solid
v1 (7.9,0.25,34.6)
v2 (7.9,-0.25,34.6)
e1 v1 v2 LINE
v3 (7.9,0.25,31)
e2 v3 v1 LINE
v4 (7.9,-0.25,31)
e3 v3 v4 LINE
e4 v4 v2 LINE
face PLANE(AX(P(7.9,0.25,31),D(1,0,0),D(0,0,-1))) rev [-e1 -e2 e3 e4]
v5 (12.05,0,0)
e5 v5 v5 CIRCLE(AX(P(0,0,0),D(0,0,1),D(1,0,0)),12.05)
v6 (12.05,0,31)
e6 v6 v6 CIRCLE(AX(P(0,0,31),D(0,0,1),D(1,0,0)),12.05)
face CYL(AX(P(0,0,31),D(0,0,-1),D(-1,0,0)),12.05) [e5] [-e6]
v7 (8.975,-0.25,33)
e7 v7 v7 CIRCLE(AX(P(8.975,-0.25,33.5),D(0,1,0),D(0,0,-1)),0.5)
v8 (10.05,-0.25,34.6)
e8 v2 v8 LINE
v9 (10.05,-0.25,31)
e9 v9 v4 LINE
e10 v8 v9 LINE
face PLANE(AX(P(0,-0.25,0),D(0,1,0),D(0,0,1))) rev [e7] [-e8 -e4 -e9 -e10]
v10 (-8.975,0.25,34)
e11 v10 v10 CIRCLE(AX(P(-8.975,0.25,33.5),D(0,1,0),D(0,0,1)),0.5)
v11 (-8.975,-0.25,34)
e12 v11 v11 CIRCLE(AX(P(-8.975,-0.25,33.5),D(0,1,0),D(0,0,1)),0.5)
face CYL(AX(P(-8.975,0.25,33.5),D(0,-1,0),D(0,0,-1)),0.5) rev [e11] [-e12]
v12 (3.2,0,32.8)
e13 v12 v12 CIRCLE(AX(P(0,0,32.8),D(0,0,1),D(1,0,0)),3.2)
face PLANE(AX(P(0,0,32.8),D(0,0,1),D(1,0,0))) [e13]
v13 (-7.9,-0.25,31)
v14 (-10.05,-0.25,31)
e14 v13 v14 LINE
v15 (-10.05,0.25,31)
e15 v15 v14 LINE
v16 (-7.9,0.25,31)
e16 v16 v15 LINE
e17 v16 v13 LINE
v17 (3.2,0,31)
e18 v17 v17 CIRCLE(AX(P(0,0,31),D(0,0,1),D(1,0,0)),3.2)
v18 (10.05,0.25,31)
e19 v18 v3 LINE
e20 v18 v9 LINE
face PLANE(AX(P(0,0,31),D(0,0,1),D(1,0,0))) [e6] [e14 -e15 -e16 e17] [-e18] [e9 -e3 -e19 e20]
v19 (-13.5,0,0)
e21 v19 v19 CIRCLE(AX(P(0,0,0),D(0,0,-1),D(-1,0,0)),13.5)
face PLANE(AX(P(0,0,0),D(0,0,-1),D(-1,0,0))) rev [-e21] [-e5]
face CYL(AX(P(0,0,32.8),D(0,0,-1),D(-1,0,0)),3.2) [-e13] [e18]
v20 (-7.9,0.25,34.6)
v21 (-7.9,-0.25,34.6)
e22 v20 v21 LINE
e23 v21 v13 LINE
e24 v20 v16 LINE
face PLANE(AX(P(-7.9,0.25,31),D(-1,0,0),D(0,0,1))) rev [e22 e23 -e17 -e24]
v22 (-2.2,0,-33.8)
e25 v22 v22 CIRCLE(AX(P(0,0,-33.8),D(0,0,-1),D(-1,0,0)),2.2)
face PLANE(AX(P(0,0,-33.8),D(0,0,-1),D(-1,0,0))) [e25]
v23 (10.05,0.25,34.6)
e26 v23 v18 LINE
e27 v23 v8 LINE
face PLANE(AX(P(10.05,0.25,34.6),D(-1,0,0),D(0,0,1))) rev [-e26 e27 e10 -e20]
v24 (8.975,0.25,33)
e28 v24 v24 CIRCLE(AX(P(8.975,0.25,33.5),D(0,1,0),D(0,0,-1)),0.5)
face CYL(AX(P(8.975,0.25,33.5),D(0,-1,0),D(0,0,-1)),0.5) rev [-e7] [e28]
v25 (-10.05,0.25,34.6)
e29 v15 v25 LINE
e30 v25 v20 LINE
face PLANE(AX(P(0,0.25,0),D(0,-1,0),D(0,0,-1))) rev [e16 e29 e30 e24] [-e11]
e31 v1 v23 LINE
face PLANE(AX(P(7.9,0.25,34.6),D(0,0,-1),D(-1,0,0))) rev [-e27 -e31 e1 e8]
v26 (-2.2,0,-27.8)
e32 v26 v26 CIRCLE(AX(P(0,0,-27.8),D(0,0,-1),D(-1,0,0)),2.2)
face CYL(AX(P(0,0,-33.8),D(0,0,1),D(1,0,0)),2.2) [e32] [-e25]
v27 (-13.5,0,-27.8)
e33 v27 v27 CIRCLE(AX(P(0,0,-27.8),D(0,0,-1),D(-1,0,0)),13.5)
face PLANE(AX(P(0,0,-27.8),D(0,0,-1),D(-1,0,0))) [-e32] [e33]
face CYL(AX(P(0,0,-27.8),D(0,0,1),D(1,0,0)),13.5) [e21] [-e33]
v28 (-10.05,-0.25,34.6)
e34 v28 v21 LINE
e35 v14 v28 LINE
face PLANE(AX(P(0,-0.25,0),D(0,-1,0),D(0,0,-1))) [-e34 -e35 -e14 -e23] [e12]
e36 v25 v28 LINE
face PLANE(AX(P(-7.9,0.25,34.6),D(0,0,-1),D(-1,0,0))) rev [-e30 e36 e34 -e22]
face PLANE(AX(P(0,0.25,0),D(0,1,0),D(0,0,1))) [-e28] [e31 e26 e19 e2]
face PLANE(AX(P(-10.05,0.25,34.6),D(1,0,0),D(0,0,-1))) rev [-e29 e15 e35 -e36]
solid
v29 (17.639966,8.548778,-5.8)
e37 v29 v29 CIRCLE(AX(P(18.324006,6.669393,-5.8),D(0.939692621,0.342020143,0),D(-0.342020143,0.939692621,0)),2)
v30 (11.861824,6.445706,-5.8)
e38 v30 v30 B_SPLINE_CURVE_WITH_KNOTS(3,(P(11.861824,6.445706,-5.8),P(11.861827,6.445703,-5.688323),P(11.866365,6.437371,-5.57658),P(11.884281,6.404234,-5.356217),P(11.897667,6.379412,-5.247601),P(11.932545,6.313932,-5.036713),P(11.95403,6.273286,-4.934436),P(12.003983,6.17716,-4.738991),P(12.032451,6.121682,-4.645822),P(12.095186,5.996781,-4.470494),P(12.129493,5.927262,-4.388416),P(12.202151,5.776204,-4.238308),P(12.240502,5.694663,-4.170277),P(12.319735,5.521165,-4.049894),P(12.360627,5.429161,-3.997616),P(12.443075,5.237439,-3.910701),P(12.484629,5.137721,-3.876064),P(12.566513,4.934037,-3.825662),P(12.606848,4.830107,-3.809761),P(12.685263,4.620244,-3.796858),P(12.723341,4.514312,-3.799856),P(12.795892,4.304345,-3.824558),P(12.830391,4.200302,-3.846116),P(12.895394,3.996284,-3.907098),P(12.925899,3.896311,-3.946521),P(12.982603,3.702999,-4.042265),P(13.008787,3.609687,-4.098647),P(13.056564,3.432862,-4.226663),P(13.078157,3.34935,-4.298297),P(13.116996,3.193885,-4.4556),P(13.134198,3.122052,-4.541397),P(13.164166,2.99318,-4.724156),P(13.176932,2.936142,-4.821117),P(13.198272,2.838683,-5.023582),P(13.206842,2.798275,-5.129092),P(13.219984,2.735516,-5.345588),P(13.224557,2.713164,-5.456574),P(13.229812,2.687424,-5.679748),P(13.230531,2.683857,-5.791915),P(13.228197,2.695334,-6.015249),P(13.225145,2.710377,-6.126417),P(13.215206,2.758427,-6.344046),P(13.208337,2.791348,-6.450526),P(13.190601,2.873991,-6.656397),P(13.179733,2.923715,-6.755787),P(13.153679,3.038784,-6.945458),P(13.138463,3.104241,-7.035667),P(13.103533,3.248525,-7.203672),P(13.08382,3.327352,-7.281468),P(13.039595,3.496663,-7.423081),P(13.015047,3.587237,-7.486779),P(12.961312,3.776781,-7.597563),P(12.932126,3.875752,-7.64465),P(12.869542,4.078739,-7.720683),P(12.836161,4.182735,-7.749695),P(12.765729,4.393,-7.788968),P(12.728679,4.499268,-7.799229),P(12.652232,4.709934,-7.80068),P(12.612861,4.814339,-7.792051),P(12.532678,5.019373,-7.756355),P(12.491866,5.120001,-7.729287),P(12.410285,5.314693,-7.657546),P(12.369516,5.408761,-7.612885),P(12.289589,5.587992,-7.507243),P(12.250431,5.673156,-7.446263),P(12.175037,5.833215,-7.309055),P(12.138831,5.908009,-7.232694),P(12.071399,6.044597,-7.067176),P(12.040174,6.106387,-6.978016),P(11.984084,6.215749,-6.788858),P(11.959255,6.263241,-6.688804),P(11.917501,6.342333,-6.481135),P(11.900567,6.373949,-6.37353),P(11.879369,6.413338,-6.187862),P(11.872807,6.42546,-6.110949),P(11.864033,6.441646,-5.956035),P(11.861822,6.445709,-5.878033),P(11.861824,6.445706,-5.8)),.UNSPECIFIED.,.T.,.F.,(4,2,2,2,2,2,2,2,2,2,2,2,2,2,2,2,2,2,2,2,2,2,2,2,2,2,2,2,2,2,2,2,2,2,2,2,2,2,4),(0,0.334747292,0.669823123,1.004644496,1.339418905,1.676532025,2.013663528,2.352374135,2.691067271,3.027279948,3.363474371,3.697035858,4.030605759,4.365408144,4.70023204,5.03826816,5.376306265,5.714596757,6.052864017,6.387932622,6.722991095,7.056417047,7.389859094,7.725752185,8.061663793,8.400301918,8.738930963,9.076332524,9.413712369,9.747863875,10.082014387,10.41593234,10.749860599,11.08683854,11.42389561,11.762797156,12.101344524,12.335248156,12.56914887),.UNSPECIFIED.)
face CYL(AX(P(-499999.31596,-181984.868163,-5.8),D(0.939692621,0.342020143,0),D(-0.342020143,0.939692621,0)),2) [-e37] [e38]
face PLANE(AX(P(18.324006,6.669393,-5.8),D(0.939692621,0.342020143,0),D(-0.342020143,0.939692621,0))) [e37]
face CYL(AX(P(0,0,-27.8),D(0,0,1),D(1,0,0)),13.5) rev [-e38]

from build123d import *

# Parameters (mm, degrees)
ESQUISSE1_R             = 12.05
BOSS_EXTRU_1_DEPTH      = 31
ESQUISSE3_R             = 13.5
BOSS_EXTRU_2_DEPTH      = 27.8
ESQUISSE8_R             = 3.2
BOSS_EXTRU_6_DEPTH      = 1.8
ESQUISSE4_R             = 2.2
BOSS_EXTRU_3_DEPTH      = 6
BOSS_EXTRU_4_REACH      = 54.437
BOSS_EXTRU_4_END_RADIUS = 13.5
BOSS_EXTRU_4_START      = 6
ESQUISSE5_R             = 2
ESQUISSE7_W             = 2.15
ESQUISSE7_H             = 3.6
ESQUISSE7_R             = 0.5
BOSS_EXTRU_5_DEPTH      = 0.25


with BuildPart() as part:
    # Esquisse1 → Boss.-Extru.1 (new body)
    with BuildSketch(Plane.XY):
        Circle(ESQUISSE1_R)
    extrude(amount=BOSS_EXTRU_1_DEPTH)

    # Esquisse3 → Boss.-Extru.2 (add)
    with BuildSketch(Plane(origin=(0, 0, 0), x_dir=(-1, 0, 0), z_dir=(0, 0, -1))):
        Circle(ESQUISSE3_R)
    extrude(amount=BOSS_EXTRU_2_DEPTH)

    # Esquisse8 → Boss.-Extru.6 (add)
    with BuildSketch(Plane.XY.offset(31)):
        Circle(ESQUISSE8_R)
    extrude(amount=BOSS_EXTRU_6_DEPTH)

    # Esquisse4 → Boss.-Extru.3 (add)
    with BuildSketch(Plane(origin=(0, 0, -27.8), x_dir=(-1, 0, 0), z_dir=(0, 0, -1))):
        Circle(ESQUISSE4_R)
    extrude(amount=BOSS_EXTRU_3_DEPTH)

    # Esquisse7 → Boss.-Extru.5 (add, symmetric)
    # profile 1 of 2: a face of its own
    with BuildSketch(Plane(origin=(0, 0, 0), x_dir=(1, 0, 0), z_dir=(0, 1, 0))):
        with Locations((-8.975, -32.8)):
            Rectangle(ESQUISSE7_W, ESQUISSE7_H)
        with Locations(Location((-8.975, -33.5, 0), (0, 0, 270))):
            Circle(ESQUISSE7_R, mode=Mode.SUBTRACT)
    # profile 2 of 2: a face of its own
    with BuildSketch(Plane(origin=(0, 0, 0), x_dir=(1, 0, 0), z_dir=(0, 1, 0))):
        with Locations((8.975, -32.8)):
            Rectangle(ESQUISSE7_W, ESQUISSE7_H)
        with Locations(Location((8.975, -33.5, 0), (0, 0, 90))):
            Circle(ESQUISSE7_R, mode=Mode.SUBTRACT)
    extrude(amount=BOSS_EXTRU_5_DEPTH, both=True)


with BuildPart() as body_2:
    # Boss.-Extru.4: up to this cylinder (the profile starts outside it)
    boss_extru_4_end = Plane(origin=(0, 0, -5.8), z_dir=(0, 0, 1)) * Cylinder(BOSS_EXTRU_4_END_RADIUS, 136.874, mode=Mode.PRIVATE)
    # Esquisse5 → Boss.-Extru.4 (new, up to the surface)
    with BuildSketch(Plane(origin=(12.685850381, 4.617271935, 0), x_dir=(0, 0, 1), z_dir=(0.9396926207859081, 0.34202014332566943, 0)).offset(BOSS_EXTRU_4_START), mode=Mode.PRIVATE) as boss_extru_4_sk1:
        with Locations(Location((-5.8, 0, 0), (0, 0, 270))):
            Circle(ESQUISSE5_R)
    boss_extru_4_tool1 = extrude(boss_extru_4_sk1.sketch, amount=-BOSS_EXTRU_4_REACH, mode=Mode.PRIVATE) - boss_extru_4_end
    add(boss_extru_4_tool1.solids().sort_by_distance((18.324006, 6.669393, -5.8))[0])


solid = Compound([part.part, body_2.part])
